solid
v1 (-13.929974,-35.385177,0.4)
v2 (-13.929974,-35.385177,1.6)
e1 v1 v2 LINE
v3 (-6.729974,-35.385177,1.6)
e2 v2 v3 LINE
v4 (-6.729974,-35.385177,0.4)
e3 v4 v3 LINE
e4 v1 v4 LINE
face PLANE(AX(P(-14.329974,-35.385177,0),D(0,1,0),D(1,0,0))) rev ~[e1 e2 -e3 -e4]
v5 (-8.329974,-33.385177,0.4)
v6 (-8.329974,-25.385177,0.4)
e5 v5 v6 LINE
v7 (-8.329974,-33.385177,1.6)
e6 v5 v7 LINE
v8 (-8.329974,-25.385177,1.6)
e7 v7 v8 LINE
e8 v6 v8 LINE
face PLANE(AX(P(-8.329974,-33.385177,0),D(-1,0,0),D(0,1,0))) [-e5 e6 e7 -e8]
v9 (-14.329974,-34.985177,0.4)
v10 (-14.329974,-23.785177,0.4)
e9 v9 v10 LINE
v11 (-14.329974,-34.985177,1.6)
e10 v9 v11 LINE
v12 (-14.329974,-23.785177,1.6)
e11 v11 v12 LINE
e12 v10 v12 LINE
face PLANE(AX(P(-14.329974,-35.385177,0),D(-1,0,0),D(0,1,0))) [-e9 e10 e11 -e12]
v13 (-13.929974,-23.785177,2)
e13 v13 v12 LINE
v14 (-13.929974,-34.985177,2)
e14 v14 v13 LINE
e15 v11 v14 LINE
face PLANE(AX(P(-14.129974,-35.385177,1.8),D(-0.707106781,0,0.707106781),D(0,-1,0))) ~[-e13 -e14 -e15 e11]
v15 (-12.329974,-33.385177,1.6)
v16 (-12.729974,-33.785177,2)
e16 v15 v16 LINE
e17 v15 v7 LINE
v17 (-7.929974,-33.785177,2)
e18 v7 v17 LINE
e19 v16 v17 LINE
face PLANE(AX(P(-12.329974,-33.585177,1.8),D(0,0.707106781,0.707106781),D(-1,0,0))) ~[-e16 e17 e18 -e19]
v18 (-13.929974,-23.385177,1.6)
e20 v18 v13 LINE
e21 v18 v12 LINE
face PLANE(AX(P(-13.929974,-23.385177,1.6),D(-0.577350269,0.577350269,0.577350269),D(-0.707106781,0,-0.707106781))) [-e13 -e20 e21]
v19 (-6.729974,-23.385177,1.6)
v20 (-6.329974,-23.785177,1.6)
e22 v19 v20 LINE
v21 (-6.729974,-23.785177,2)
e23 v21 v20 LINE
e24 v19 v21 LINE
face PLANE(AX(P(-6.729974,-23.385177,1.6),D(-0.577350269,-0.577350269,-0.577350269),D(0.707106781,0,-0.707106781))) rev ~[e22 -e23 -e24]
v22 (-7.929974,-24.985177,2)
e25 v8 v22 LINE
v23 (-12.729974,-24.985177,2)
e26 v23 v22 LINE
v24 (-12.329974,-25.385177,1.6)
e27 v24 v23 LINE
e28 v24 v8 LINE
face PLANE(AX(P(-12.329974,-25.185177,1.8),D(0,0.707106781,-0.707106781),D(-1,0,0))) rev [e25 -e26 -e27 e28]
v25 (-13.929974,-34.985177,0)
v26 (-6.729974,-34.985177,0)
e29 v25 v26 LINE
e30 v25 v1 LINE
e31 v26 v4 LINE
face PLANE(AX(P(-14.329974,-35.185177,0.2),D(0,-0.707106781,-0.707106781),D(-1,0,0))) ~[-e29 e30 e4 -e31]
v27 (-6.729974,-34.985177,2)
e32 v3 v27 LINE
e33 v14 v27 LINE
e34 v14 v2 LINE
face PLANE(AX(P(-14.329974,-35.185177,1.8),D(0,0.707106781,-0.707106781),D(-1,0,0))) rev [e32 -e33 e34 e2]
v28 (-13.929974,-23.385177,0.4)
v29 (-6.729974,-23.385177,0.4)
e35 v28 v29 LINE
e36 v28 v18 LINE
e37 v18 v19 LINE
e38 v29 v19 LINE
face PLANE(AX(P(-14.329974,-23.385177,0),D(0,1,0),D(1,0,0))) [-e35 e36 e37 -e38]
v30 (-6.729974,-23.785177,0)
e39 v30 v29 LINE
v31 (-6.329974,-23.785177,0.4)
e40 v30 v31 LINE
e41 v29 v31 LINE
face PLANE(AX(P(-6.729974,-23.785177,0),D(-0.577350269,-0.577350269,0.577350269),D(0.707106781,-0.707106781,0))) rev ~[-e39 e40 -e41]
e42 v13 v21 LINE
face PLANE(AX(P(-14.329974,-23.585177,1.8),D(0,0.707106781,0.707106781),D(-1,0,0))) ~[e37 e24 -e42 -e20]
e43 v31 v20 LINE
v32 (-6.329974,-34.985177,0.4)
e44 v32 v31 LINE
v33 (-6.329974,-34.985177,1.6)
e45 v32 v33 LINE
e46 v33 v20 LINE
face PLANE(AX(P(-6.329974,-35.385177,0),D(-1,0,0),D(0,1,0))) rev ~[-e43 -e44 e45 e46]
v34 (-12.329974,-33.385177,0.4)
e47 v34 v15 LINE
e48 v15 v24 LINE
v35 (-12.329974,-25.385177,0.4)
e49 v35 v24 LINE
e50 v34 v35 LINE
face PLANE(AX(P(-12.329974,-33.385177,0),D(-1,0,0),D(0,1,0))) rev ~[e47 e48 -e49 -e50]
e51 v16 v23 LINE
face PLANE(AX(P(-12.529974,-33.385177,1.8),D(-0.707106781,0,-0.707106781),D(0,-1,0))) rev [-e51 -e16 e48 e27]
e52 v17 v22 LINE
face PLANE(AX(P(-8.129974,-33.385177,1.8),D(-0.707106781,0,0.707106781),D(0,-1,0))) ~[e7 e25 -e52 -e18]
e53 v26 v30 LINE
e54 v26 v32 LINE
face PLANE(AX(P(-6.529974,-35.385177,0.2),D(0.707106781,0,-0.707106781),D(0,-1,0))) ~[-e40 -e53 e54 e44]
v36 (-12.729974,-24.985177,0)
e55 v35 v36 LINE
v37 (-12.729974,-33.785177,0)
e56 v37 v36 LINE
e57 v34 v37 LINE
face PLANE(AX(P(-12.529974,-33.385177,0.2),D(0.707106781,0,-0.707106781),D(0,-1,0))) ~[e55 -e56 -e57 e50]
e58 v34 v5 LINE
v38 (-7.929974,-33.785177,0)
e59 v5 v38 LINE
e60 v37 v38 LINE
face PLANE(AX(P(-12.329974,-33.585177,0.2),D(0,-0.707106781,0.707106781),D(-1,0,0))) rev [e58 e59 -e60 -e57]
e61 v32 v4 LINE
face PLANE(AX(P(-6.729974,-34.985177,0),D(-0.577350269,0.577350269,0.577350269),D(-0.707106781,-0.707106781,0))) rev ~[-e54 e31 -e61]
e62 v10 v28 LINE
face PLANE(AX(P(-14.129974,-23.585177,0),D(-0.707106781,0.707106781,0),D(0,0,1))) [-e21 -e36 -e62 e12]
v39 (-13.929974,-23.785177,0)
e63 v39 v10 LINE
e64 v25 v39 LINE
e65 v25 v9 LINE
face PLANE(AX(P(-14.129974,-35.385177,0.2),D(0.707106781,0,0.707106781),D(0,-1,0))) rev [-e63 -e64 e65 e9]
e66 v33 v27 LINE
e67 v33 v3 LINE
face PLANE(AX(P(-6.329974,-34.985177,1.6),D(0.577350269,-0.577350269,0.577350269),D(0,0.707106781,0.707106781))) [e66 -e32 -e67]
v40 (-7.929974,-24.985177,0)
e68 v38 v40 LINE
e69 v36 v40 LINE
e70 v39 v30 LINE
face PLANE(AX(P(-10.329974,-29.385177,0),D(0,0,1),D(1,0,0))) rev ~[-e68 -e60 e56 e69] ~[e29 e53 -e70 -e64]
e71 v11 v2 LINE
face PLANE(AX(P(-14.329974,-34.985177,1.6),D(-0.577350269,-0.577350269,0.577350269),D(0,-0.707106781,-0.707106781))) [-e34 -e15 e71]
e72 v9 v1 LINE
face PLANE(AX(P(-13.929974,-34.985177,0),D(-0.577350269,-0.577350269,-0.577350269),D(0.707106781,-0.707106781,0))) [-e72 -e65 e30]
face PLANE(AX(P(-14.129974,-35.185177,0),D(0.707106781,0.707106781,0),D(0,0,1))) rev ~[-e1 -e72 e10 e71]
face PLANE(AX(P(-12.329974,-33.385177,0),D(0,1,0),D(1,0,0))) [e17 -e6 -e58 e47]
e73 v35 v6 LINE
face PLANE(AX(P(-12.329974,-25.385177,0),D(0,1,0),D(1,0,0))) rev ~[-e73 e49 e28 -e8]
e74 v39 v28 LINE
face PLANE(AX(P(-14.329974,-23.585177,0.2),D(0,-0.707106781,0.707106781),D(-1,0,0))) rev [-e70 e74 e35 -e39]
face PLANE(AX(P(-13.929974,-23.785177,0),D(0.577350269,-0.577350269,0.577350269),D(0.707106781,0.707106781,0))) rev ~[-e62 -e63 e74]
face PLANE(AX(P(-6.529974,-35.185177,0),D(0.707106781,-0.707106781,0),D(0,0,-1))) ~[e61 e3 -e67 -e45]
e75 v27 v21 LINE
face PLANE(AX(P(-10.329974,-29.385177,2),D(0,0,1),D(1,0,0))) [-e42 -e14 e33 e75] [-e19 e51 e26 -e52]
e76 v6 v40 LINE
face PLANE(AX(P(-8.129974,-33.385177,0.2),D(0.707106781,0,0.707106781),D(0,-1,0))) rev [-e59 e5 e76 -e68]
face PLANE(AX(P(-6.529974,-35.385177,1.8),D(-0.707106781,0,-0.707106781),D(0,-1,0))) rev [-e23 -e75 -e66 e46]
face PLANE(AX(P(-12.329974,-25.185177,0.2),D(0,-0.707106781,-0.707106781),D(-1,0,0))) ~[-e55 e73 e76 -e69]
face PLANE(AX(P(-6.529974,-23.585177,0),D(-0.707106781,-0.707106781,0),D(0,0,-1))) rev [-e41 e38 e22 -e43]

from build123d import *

# Parameters (mm, degrees)
F0_W     = 8
F0_H     = 12
F0_W_2   = 4
F0_H_2   = 8
F1_DEPTH = 2
F2_SIZE  = 0.4


with BuildPart() as f1:
    # F0 (on Top) → F1 (new body)
    with BuildSketch(Plane.XY):
        with Locations((-10.329974, -29.385177)):
            Rectangle(F0_W, F0_H)
        with Locations((-10.329974, -29.385177)):
            Rectangle(F0_W_2, F0_H_2, mode=Mode.SUBTRACT)
    extrude(amount=F1_DEPTH)

    # F2
    f2_edges = [f1.edges().sort_by_distance(p)[0] for p in [
        (-8.329974, -29.385177, 2),
        (-10.329974, -33.385177, 2),
        (-12.329974, -29.385177, 2),
        (-10.329974, -25.385177, 2),
        (-10.329974, -35.385177, 2),
        (-14.329974, -29.385177, 2),
        (-14.329974, -35.385177, 1),
        (-6.329974, -35.385177, 1),
        (-6.329974, -29.385177, 2),
        (-10.329974, -23.385177, 2),
        (-6.329974, -23.385177, 1),
        (-14.329974, -23.385177, 1),
        (-14.329974, -29.385177, 0),
        (-12.329974, -29.385177, 0),
        (-10.329974, -25.385177, 0),
        (-10.329974, -23.385177, 0),
        (-6.329974, -29.385177, 0),
        (-8.329974, -29.385177, 0),
        (-10.329974, -33.385177, 0),
        (-10.329974, -35.385177, 0),
    ]]
    chamfer(f2_edges, length=F2_SIZE)


solid = f1.part
